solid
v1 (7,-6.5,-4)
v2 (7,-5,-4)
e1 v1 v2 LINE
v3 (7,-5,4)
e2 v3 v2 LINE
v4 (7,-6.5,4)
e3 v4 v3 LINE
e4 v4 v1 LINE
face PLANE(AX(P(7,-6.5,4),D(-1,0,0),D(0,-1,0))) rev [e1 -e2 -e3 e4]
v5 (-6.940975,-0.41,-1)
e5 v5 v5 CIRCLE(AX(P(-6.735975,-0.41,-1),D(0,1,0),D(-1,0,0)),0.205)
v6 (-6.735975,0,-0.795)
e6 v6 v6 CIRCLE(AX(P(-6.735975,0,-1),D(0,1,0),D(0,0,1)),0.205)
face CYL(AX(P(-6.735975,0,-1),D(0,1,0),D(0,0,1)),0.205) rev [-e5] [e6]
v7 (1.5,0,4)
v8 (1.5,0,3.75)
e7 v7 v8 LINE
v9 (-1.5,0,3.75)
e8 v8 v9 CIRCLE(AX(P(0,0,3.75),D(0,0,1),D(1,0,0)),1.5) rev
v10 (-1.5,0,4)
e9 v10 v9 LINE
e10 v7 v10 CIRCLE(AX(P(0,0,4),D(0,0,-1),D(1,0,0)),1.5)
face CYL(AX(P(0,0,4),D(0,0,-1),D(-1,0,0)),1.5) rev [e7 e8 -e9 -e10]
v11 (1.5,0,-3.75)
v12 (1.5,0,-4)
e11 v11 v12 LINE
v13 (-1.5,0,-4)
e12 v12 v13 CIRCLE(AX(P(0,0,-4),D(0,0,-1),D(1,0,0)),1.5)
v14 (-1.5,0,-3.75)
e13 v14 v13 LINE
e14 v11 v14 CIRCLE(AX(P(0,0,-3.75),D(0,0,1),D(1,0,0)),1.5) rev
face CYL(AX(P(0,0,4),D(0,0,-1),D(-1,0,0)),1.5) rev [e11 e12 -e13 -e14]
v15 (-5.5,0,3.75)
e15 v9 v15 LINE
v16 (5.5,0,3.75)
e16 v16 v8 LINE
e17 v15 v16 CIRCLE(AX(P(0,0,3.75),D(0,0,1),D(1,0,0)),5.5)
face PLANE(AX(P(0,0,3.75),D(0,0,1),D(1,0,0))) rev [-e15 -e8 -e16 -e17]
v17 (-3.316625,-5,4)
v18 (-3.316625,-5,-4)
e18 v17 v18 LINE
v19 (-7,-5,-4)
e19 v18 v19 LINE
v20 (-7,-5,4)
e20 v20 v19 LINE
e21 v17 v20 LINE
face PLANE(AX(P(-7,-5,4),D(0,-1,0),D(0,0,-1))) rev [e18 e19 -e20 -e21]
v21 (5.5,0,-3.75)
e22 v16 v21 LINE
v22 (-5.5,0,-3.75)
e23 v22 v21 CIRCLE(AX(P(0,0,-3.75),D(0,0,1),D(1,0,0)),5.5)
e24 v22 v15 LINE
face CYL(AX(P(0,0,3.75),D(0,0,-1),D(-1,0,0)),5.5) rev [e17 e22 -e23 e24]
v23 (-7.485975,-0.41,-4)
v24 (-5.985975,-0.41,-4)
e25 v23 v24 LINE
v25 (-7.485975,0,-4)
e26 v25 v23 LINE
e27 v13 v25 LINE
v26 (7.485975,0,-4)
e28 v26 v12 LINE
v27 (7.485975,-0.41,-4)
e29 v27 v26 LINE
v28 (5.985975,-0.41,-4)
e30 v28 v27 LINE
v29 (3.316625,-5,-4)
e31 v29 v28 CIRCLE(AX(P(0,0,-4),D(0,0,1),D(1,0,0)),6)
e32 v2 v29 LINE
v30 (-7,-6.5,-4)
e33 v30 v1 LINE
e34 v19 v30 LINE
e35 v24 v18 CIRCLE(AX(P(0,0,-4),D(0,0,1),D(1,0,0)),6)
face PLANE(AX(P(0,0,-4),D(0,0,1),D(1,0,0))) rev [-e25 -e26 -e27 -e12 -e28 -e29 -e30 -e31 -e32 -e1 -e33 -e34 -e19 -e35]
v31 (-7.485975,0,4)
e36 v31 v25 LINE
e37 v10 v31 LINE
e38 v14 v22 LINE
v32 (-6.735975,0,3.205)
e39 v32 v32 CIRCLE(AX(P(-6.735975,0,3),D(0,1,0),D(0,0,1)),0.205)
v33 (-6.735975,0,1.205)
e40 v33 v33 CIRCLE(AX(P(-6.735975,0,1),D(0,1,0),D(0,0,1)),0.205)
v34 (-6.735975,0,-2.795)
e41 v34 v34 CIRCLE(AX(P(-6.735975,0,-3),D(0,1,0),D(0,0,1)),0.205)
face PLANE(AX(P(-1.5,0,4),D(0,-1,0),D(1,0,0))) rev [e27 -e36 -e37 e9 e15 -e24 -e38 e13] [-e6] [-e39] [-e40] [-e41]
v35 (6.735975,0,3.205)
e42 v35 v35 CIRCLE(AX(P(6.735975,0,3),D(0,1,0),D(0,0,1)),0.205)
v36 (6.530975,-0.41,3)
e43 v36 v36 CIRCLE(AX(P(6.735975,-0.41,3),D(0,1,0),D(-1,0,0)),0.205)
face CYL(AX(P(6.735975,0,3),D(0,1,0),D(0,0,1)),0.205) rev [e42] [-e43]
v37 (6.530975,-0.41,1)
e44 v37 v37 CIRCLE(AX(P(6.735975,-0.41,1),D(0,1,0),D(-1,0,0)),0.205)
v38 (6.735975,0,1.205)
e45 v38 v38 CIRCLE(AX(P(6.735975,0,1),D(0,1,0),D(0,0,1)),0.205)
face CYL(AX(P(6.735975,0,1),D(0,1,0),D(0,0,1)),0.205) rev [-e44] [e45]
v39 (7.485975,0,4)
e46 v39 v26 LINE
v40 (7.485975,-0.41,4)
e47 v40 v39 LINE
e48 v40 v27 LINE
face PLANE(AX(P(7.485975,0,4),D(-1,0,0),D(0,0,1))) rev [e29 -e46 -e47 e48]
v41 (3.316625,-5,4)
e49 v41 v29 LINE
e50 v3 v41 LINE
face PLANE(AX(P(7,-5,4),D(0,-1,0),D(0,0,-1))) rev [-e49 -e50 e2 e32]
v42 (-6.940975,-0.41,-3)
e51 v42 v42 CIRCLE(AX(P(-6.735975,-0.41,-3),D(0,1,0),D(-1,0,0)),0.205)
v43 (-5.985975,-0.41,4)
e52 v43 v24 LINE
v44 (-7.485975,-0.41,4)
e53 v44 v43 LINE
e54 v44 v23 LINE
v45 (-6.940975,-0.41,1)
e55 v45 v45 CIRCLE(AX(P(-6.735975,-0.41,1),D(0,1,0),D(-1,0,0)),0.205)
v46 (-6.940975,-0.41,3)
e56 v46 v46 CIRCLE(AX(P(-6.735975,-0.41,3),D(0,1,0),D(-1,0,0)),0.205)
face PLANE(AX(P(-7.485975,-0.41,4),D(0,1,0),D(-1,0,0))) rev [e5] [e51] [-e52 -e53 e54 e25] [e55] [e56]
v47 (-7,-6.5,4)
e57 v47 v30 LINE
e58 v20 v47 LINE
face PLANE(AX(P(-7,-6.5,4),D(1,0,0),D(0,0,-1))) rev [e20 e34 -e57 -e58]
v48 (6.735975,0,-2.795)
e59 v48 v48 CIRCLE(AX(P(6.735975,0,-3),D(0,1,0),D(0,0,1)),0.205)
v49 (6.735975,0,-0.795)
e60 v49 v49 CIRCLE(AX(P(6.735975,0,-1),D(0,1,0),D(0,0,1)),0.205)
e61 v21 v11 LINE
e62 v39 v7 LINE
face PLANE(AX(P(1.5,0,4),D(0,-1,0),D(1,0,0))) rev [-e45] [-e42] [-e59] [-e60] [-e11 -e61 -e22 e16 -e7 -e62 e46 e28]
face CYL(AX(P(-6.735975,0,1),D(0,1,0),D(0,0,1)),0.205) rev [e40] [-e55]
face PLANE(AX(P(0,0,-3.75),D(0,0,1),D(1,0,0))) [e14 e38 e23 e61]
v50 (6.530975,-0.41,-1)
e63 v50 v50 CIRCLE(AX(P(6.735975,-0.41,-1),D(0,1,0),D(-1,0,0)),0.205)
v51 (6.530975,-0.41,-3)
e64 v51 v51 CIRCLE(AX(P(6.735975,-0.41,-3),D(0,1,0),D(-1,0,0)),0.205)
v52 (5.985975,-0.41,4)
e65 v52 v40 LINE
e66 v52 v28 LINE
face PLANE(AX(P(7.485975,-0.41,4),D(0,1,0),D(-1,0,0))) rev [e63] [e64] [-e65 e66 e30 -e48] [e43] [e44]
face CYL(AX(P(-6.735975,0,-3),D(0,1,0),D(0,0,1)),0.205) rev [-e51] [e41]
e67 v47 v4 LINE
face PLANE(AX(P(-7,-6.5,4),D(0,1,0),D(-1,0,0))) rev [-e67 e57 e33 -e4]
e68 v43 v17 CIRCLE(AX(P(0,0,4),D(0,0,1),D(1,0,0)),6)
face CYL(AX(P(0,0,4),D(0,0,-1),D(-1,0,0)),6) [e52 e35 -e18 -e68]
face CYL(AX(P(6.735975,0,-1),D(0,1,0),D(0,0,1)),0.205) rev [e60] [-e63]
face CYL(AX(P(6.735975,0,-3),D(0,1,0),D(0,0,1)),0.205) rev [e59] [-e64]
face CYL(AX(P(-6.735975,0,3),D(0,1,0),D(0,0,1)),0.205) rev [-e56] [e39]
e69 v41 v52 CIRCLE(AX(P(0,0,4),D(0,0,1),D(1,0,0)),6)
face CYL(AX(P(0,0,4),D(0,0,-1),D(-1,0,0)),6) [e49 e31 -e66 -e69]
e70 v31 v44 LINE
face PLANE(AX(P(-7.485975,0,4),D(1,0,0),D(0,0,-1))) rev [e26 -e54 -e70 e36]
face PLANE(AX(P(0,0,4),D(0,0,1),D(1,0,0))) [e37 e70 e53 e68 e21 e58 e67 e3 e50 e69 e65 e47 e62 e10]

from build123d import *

# Parameters (mm, degrees)
BOSS_EXTRUDE1_DEPTH        = 4
CUT_EXTRUDE1_DEPTH         = 3.75
CUT_EXTRUDE1_DEPTH_BACK    = 3.75
SKETCH2_R                  = 5.5
F_1_0MM_DOWEL_HOLE1_REACH  = 12.691
F_1_0MM_DOWEL_HOLE1_BORE_R = 0.205
LPATTERN1_COUNT            = 4
LPATTERN1_PITCH            = 2
MIRROR1_COPY_1_REACH       = 12.691
MIRROR1_COPY_1_SKETCH_R    = 0.205
MIRROR1_COPY_2_REACH       = 12.691
MIRROR1_COPY_2_SKETCH_R    = 0.205
MIRROR1_COPY_3_REACH       = 12.691
MIRROR1_COPY_3_SKETCH_R    = 0.205


with BuildPart() as part:
    # Sketch1 → Boss-Extrude1 (new, symmetric)
    with BuildSketch(Plane.XY):
        with BuildLine():
            Line((-1.5, 0), (-7.485975276, 0))
            Line((-7.485975276, 0), (-7.485975276, -0.41))
            Line((-7.485975276, -0.41), (-5.985975276, -0.41))
            ThreePointArc((-5.985975276, -0.41), (-5.186676874, -3.016352599), (-3.31662479, -5))
            Line((-3.31662479, -5), (-7, -5))
            Line((-7, -5), (-7, -6.5))
            Line((-7, -6.5), (7, -6.5))
            Line((7, -6.5), (7, -5))
            Line((7, -5), (3.31662479, -5))
            ThreePointArc((3.31662479, -5), (5.186676874, -3.016352599), (5.985975276, -0.41))
            Line((5.985975276, -0.41), (7.485975276, -0.41))
            Line((7.485975276, -0.41), (7.485975276, 0))
            Line((7.485975276, 0), (1.5, 0))
            ThreePointArc((1.5, 0), (0, -1.5), (-1.5, 0))
        make_face()
    extrude(amount=BOSS_EXTRUDE1_DEPTH, both=True)

    # Sketch2 → Cut-Extrude1 (cut, two sides: drawn at the far end of the back side and taken through both)
    with BuildSketch(Plane.XY.offset(-CUT_EXTRUDE1_DEPTH_BACK)):
        Circle(SKETCH2_R)
    extrude(amount=CUT_EXTRUDE1_DEPTH + CUT_EXTRUDE1_DEPTH_BACK, mode=Mode.SUBTRACT)

    # Ø1.0mm Dowel Hole1 bore → Ø1.0mm Dowel Hole1 (cut, up to next)
    with BuildSketch(Plane(origin=(0, 0, 0), x_dir=(1, 0, 0), z_dir=(0, 1, 0)), mode=Mode.PRIVATE) as f_1_0mm_dowel_hole1_sk1:
        with Locations((6.735975276, 3)):
            Circle(F_1_0MM_DOWEL_HOLE1_BORE_R)
    f_1_0mm_dowel_hole1_tool1 = extrude(f_1_0mm_dowel_hole1_sk1.sketch, amount=-F_1_0MM_DOWEL_HOLE1_REACH, mode=Mode.PRIVATE) & part.part
    f_1_0mm_dowel_hole1 = f_1_0mm_dowel_hole1_tool1.solids().sort_by_distance((6.735975, 0, -3))[0]
    add(f_1_0mm_dowel_hole1, mode=Mode.SUBTRACT)

    # LPattern1: Ø1.0mm Dowel Hole1 ×4
    with Locations(*[(0, 0, i * LPATTERN1_PITCH) for i in range(1, LPATTERN1_COUNT)]):
        add(f_1_0mm_dowel_hole1, mode=Mode.SUBTRACT)

    # Mirror1: Ø1.0mm Dowel Hole1 across plane
    add(f_1_0mm_dowel_hole1.mirror(Plane(origin=(0, 0, 0), x_dir=(0, 0, 1), z_dir=(1, 0, 0))), mode=Mode.SUBTRACT)

    # Mirror1 copy 1 sketch → Mirror1 copy 1 (cut, up to next)
    with BuildSketch(Plane(origin=(0, 0, 2), x_dir=(-1, 0, 0), z_dir=(0, 1, 0)), mode=Mode.PRIVATE) as mirror1_copy_1_sk1:
        with Locations((6.735975276, -3)):
            Circle(MIRROR1_COPY_1_SKETCH_R)
    mirror1_copy_1_tool1 = extrude(mirror1_copy_1_sk1.sketch, amount=-MIRROR1_COPY_1_REACH, mode=Mode.PRIVATE) & part.part
    add(mirror1_copy_1_tool1.solids().sort_by_distance((-6.735975, 0, -1))[0], mode=Mode.SUBTRACT)

    # Mirror1 copy 2 sketch → Mirror1 copy 2 (cut, up to next)
    with BuildSketch(Plane(origin=(0, 0, 4), x_dir=(-1, 0, 0), z_dir=(0, 1, 0)), mode=Mode.PRIVATE) as mirror1_copy_2_sk1:
        with Locations((6.735975276, -3)):
            Circle(MIRROR1_COPY_2_SKETCH_R)
    mirror1_copy_2_tool1 = extrude(mirror1_copy_2_sk1.sketch, amount=-MIRROR1_COPY_2_REACH, mode=Mode.PRIVATE) & part.part
    add(mirror1_copy_2_tool1.solids().sort_by_distance((-6.735975, 0, 1))[0], mode=Mode.SUBTRACT)

    # Mirror1 copy 3 sketch → Mirror1 copy 3 (cut, up to next)
    with BuildSketch(Plane(origin=(0, 0, 6), x_dir=(-1, 0, 0), z_dir=(0, 1, 0)), mode=Mode.PRIVATE) as mirror1_copy_3_sk1:
        with Locations((6.735975276, -3)):
            Circle(MIRROR1_COPY_3_SKETCH_R)
    mirror1_copy_3_tool1 = extrude(mirror1_copy_3_sk1.sketch, amount=-MIRROR1_COPY_3_REACH, mode=Mode.PRIVATE) & part.part
    add(mirror1_copy_3_tool1.solids().sort_by_distance((-6.735975, 0, 3))[0], mode=Mode.SUBTRACT)


solid = part.part
